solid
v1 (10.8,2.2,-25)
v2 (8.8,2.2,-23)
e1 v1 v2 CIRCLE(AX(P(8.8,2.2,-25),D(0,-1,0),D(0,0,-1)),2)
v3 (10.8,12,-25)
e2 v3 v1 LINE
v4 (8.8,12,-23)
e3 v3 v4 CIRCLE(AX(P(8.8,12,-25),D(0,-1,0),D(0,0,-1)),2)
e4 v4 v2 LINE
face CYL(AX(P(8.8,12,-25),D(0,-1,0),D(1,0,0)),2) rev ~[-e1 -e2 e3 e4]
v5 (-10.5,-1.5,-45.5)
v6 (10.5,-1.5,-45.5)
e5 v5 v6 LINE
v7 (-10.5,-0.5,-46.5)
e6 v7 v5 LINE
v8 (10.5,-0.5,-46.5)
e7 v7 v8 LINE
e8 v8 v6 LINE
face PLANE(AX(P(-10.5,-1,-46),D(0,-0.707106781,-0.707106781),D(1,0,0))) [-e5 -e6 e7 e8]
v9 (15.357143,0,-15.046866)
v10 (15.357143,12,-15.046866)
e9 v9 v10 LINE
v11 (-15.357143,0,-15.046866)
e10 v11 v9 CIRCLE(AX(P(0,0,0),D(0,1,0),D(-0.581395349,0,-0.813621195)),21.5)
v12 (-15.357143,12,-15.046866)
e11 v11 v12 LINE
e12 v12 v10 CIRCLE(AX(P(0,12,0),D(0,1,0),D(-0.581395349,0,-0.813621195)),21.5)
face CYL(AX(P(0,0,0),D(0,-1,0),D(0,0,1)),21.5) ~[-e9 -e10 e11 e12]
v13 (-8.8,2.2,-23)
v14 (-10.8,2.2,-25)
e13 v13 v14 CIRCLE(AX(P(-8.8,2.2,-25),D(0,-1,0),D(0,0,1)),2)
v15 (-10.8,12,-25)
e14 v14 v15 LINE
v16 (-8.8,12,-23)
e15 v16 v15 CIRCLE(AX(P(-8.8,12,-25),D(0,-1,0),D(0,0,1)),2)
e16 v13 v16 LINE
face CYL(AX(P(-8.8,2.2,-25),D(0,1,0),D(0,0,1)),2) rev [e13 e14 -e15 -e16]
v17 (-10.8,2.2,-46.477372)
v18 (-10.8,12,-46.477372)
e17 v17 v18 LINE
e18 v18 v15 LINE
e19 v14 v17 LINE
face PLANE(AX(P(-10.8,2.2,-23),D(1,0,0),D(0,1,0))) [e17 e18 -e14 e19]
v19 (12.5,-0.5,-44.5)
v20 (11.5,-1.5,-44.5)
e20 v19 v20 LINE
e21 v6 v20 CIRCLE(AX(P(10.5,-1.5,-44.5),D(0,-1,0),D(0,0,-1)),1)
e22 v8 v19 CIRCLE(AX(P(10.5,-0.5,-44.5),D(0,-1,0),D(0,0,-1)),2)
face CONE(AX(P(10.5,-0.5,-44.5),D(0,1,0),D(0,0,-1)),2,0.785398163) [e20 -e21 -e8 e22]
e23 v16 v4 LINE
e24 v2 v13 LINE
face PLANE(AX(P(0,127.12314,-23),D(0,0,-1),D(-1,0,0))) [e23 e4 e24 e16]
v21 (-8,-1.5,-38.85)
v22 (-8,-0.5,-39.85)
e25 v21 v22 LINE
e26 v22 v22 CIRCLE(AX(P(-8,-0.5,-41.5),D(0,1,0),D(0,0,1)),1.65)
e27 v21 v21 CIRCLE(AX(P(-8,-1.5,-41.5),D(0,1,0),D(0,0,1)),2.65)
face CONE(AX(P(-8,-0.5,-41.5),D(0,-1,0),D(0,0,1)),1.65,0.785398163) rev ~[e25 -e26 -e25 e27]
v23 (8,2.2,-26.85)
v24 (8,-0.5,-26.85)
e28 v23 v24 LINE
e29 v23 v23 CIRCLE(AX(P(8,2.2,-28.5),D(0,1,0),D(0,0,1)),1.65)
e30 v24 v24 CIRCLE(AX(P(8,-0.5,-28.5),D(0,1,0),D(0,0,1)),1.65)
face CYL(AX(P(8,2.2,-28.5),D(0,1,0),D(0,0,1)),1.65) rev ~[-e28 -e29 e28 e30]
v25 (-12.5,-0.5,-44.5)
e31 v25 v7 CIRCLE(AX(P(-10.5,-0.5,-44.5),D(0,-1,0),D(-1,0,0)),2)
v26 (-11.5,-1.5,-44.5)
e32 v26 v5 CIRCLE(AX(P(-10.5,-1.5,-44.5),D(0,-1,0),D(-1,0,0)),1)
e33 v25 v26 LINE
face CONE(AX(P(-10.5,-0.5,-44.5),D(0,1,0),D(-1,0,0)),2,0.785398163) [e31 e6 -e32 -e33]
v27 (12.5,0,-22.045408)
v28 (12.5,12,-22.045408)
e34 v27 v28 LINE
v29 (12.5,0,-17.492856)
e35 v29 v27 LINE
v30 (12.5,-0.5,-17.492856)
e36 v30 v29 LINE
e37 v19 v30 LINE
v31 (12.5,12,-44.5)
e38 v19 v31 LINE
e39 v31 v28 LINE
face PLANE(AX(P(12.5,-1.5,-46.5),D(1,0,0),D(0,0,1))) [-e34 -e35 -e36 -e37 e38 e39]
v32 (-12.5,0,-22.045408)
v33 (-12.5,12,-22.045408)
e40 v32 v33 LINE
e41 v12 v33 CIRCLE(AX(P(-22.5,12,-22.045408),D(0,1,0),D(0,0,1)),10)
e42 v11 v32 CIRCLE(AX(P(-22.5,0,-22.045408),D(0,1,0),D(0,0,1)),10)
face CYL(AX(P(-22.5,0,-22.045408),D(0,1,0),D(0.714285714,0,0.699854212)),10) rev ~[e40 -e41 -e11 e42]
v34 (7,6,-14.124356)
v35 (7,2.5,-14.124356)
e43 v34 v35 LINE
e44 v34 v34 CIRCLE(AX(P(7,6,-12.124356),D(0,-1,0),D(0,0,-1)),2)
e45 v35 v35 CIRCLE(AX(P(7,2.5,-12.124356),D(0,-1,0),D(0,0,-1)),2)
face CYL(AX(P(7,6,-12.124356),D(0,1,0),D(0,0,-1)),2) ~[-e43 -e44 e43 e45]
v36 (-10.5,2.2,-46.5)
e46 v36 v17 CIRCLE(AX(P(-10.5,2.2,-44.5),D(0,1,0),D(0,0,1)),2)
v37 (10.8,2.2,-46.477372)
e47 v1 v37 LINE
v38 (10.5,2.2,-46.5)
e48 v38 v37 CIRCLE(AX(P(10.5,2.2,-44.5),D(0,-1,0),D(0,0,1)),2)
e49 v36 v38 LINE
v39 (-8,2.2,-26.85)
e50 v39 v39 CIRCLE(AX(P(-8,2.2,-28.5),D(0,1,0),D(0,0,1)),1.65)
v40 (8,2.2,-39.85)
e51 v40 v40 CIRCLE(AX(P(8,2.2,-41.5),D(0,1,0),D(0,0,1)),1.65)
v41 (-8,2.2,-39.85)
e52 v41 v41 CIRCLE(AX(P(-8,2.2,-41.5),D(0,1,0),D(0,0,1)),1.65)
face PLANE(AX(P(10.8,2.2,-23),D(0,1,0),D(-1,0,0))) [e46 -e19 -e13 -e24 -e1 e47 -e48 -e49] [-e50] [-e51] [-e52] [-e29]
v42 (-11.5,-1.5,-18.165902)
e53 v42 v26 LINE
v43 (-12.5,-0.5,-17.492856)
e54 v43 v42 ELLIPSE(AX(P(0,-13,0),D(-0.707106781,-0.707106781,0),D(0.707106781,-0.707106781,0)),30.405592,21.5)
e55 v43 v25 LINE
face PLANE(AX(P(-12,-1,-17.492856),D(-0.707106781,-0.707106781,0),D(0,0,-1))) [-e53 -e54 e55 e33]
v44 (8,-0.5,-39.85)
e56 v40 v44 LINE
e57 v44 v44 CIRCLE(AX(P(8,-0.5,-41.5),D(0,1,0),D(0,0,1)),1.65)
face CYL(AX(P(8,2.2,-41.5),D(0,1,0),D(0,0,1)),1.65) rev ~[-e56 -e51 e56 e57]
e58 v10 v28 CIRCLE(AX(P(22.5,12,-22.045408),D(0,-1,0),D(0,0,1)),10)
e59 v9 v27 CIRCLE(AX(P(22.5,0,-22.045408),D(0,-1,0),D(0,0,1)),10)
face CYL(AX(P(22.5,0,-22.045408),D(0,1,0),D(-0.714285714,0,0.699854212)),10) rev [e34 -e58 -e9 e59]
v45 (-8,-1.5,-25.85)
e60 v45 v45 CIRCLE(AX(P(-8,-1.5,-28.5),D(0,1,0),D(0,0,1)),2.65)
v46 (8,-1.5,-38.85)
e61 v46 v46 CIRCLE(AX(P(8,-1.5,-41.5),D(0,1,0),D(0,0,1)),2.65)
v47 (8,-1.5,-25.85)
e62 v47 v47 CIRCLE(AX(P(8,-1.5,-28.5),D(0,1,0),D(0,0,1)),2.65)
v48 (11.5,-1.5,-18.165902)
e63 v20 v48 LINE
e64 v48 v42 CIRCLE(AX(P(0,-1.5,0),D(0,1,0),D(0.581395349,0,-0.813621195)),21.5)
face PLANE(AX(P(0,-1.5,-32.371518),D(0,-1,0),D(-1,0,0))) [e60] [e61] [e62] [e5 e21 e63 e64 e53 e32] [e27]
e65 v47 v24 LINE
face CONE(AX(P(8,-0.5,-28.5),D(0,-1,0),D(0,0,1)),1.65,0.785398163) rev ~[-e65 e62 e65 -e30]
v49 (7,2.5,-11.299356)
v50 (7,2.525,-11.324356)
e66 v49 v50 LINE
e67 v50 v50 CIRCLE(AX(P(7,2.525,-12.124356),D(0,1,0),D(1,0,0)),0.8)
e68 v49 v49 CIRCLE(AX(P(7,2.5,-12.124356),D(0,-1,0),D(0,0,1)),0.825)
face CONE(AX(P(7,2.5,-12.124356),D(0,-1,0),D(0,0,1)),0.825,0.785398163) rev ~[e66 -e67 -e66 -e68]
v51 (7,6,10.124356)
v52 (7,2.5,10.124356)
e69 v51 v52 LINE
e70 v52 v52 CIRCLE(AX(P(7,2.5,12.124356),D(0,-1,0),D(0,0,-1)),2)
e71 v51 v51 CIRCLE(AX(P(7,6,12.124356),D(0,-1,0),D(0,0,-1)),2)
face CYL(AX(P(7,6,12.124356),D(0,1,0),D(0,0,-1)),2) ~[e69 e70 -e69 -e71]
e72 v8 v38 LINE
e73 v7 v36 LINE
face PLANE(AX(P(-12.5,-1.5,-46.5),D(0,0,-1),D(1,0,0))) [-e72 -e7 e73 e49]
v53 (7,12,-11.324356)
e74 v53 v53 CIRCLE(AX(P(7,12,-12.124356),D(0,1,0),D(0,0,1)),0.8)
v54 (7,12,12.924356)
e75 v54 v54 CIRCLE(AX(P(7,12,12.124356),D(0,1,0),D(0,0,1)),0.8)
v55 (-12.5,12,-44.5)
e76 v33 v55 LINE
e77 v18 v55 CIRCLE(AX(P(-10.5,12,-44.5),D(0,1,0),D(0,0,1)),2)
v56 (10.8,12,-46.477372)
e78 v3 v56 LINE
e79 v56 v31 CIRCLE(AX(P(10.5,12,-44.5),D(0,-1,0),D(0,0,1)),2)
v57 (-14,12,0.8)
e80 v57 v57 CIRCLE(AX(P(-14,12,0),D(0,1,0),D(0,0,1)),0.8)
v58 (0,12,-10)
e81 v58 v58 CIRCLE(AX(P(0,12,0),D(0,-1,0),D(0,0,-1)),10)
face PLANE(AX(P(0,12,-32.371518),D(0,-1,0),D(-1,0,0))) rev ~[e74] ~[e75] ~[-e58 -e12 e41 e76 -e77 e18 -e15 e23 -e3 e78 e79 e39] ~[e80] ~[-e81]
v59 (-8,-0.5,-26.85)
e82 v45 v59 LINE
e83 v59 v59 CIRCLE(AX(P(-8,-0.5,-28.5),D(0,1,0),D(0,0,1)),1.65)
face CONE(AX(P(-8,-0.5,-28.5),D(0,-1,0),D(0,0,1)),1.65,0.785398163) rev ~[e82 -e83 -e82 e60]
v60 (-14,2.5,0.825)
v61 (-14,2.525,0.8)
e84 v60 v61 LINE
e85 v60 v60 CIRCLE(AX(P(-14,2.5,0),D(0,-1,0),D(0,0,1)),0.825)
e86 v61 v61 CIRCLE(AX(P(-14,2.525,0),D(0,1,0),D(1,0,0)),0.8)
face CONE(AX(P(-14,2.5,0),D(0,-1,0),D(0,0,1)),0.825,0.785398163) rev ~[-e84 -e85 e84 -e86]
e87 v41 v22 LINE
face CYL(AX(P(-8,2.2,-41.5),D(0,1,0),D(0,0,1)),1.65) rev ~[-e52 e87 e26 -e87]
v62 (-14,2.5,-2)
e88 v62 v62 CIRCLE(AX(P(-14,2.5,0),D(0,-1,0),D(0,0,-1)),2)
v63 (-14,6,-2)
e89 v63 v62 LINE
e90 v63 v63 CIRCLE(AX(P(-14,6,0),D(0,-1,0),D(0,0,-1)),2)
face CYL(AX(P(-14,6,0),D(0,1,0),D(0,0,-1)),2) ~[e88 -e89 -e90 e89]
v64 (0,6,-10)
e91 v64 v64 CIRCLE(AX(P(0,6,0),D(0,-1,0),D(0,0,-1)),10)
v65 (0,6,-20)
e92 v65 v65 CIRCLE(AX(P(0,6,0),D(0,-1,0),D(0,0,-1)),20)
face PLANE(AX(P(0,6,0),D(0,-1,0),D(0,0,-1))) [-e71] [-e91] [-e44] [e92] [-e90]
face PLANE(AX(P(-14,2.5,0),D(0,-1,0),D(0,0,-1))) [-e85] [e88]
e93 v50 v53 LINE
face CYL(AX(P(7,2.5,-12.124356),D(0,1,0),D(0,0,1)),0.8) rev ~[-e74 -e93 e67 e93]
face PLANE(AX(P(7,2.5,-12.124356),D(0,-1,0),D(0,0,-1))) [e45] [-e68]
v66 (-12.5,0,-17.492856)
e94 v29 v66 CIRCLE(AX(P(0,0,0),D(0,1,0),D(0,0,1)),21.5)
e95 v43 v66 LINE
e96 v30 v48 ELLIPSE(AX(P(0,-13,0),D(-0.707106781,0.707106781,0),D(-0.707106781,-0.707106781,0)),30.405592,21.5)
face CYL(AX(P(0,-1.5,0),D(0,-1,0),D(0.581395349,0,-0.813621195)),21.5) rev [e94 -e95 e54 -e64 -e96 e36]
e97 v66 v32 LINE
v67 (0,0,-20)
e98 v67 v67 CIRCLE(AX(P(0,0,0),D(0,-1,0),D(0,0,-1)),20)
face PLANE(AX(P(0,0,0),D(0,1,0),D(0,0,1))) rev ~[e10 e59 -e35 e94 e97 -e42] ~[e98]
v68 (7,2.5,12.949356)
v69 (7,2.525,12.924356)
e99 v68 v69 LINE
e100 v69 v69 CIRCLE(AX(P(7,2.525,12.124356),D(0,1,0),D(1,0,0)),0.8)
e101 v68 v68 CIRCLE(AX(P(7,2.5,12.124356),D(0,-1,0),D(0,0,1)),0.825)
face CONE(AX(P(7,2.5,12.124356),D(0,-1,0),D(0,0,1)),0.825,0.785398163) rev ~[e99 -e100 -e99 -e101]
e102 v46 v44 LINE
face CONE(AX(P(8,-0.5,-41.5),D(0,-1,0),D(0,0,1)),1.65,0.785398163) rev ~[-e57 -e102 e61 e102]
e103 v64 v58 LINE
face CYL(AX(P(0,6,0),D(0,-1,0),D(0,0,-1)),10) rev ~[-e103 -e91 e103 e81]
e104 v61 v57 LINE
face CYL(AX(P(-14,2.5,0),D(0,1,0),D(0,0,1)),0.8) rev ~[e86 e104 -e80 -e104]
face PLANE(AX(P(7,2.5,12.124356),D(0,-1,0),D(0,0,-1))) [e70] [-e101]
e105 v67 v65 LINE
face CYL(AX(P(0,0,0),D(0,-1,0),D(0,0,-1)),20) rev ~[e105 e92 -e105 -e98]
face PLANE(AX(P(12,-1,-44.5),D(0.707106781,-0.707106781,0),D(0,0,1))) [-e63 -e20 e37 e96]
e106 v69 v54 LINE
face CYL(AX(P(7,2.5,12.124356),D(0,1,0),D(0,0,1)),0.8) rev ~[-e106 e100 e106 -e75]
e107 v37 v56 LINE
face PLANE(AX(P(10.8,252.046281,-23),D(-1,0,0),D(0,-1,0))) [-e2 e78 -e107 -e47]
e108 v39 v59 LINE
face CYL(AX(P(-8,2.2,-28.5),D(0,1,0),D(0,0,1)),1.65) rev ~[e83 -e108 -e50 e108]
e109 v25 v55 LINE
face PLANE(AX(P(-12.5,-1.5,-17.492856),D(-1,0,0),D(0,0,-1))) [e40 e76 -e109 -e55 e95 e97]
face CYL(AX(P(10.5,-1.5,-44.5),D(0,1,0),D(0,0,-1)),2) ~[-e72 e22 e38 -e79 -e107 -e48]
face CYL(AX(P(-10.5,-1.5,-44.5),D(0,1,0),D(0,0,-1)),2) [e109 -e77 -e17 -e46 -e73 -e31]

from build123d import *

# Parameters (mm, degrees)
SKETCH_1_R                   = 21.5
EXTRUDE_1_DEPTH              = 12
EXTRUDE_START                = -13.5
EXTRUDE_2_DEPTH              = 13.5
FILLET_1_R                   = 10
SKETCH_4_R                   = 20
CUT_EXTRUDE_1_DEPTH          = 6
SKETCH_5_R                   = 10
CUT_EXTRUDE_2_DEPTH          = 6
SKETCH_6_R                   = 2
EXTRUDE_3_DEPTH              = 3.5
HOLE_WIZARD_M2_1_D           = 1.6
HOLE_WIZARD_M2_1_CSINK_D     = 1.65
HOLE_WIZARD_M2_1_CSINK_ANGLE = 90
CUT_EXTRUDE_3_DEPTH          = 73.320467366
CUT_EXTRUDE_3_DEPTH_BACK     = 23.5
FILLET_2_R                   = 2
FILLET_3_R                   = 2
CHAMFER_1_SIZE               = 1
SKETCH_9_R                   = 1.65
CUT_EXTRUDE_4_DEPTH          = 23.5
CHAMFER_2_SIZE               = 1


with BuildPart() as part:
    # 草图1 → 凸台-拉伸1 (new body)
    with BuildSketch(Plane(origin=(0, 0, 0), x_dir=(1, 0, 0), z_dir=(0, 1, 0))):
        with Locations(Location((0, 0, 0), (0, 0, 270))):
            Circle(SKETCH_1_R)
    extrude(amount=EXTRUDE_1_DEPTH)

    # 草图3 → 凸台-拉伸2 (add)
    with BuildSketch(Plane(origin=(0, 12, 0), x_dir=(1, 0, 0), z_dir=(0, 1, 0)).offset(EXTRUDE_START)):
        with BuildLine():
            Line((-12.5, 46.5), (12.5, 46.5))
            Line((12.5, 46.5), (12.5, 17.492855685))
            ThreePointArc((12.5, 17.492855685), (0, 21.5), (-12.5, 17.492855685))
            Line((-12.5, 17.492855685), (-12.5, 46.5))
        make_face()
    extrude(amount=EXTRUDE_2_DEPTH)

    # 圆角1
    fillet_1_edges = [part.edges().sort_by_distance(p)[0] for p in [
        (12.5, 6, -17.492855685),
        (-12.5, 6, -17.492855685),
    ]]
    fillet(fillet_1_edges, radius=FILLET_1_R)

    # 草图4 → 切除-拉伸1 (cut)
    with BuildSketch(Plane(origin=(0, 0, 0), x_dir=(-1, 0, 0), z_dir=(0, -1, 0))):
        with Locations(Location((0, 0, 0), (0, 0, 90))):
            Circle(SKETCH_4_R)
    extrude(amount=-CUT_EXTRUDE_1_DEPTH, mode=Mode.SUBTRACT)

    # 草图5 → 切除-拉伸2 (cut)
    with BuildSketch(Plane(origin=(0, 6, 0), x_dir=(-1, 0, 0), z_dir=(0, -1, 0))):
        with Locations(Location((0, 0, 0), (0, 0, 90))):
            Circle(SKETCH_5_R)
    extrude(amount=-CUT_EXTRUDE_2_DEPTH, mode=Mode.SUBTRACT)

    # 草图6 → 凸台-拉伸3 (add)
    with BuildSketch(Plane(origin=(0, 6, 0), x_dir=(-1, 0, 0), z_dir=(0, -1, 0))):
        with Locations(Location((14, 0, 0), (0, 0, 90))):
            Circle(SKETCH_6_R)
        with Locations(Location((-7, -12.124355653, 0), (0, 0, 90))):
            Circle(SKETCH_6_R)
        with Locations(Location((-7, 12.124355653, 0), (0, 0, 90))):
            Circle(SKETCH_6_R)
    extrude(amount=EXTRUDE_3_DEPTH)

    # M2 螺纹孔的螺纹孔钻头1 (through all)
    with Locations(Plane(origin=(7, 2.5, 12.124355653), x_dir=(0, 0, -1), z_dir=(0, -1, 0))):
        with Locations((0, 0), (24.248711306, 0), (12.124355653, -21)):
            CounterSinkHole(HOLE_WIZARD_M2_1_D / 2, HOLE_WIZARD_M2_1_CSINK_D / 2, counter_sink_angle=HOLE_WIZARD_M2_1_CSINK_ANGLE)

    # 草图8 → 切除-拉伸3 (cut, two sides: drawn at the far end of the back side and taken through both)
    with BuildSketch(Plane(origin=(0, 0, -46.5), x_dir=(-1, 0, 0), z_dir=(0, 0, -1)).offset(-CUT_EXTRUDE_3_DEPTH_BACK)):
        Polygon((-10.8, 92.015426872), (-10.8, 12), (-10.8, 2.2), (10.8, 2.2), (10.8, 12), (10.8, 92.015426872), (10.8, 252.046280615), (-10.8, 252.046280615), align=None)
    extrude(amount=CUT_EXTRUDE_3_DEPTH + CUT_EXTRUDE_3_DEPTH_BACK, mode=Mode.SUBTRACT)

    # 圆角2
    fillet_2_edges = [part.edges().sort_by_distance(p)[0] for p in [
        (10.8, 7.1, -23),
        (-10.8, 7.1, -23),
    ]]
    fillet(fillet_2_edges, radius=FILLET_2_R)

    # 圆角3
    fillet_3_edges = [part.edges().sort_by_distance(p)[0] for p in [
        (12.5, 5.25, -46.5),
        (-12.5, 5.25, -46.5),
    ]]
    fillet(fillet_3_edges, radius=FILLET_3_R)

    # 倒角1
    chamfer_1_edges = [part.edges().sort_by_distance(p)[0] for p in [
        (0, -1.5, -46.5),
        (-12.5, -1.5, -30.996427842),
        (-11.914213562, -1.5, -45.914213562),
        (11.914213562, -1.5, -45.914213562),
        (12.5, -1.5, -30.996427842),
    ]]
    chamfer(chamfer_1_edges, length=CHAMFER_1_SIZE)

    # 草图9 → 切除-拉伸4 (cut)
    with BuildSketch(Plane(origin=(0, 2.2, 0), x_dir=(1, 0, 0), z_dir=(0, 1, 0))):
        with Locations(Location((-8, 41.5, 0), (0, 0, 270))):
            Circle(SKETCH_9_R)
        with Locations(Location((-8, 28.5, 0), (0, 0, 270))):
            Circle(SKETCH_9_R)
        with Locations(Location((8, 28.5, 0), (0, 0, 270))):
            Circle(SKETCH_9_R)
        with Locations(Location((8, 41.5, 0), (0, 0, 270))):
            Circle(SKETCH_9_R)
    extrude(amount=-CUT_EXTRUDE_4_DEPTH, mode=Mode.SUBTRACT)

    # 倒角2
    chamfer_2_edges = [part.edges().sort_by_distance(p)[0] for p in [
        (8, -1.5, -43.15),
        (8, -1.5, -30.15),
        (-8, -1.5, -30.15),
        (-8, -1.5, -43.15),
    ]]
    chamfer(chamfer_2_edges, length=CHAMFER_2_SIZE)


solid = part.part
